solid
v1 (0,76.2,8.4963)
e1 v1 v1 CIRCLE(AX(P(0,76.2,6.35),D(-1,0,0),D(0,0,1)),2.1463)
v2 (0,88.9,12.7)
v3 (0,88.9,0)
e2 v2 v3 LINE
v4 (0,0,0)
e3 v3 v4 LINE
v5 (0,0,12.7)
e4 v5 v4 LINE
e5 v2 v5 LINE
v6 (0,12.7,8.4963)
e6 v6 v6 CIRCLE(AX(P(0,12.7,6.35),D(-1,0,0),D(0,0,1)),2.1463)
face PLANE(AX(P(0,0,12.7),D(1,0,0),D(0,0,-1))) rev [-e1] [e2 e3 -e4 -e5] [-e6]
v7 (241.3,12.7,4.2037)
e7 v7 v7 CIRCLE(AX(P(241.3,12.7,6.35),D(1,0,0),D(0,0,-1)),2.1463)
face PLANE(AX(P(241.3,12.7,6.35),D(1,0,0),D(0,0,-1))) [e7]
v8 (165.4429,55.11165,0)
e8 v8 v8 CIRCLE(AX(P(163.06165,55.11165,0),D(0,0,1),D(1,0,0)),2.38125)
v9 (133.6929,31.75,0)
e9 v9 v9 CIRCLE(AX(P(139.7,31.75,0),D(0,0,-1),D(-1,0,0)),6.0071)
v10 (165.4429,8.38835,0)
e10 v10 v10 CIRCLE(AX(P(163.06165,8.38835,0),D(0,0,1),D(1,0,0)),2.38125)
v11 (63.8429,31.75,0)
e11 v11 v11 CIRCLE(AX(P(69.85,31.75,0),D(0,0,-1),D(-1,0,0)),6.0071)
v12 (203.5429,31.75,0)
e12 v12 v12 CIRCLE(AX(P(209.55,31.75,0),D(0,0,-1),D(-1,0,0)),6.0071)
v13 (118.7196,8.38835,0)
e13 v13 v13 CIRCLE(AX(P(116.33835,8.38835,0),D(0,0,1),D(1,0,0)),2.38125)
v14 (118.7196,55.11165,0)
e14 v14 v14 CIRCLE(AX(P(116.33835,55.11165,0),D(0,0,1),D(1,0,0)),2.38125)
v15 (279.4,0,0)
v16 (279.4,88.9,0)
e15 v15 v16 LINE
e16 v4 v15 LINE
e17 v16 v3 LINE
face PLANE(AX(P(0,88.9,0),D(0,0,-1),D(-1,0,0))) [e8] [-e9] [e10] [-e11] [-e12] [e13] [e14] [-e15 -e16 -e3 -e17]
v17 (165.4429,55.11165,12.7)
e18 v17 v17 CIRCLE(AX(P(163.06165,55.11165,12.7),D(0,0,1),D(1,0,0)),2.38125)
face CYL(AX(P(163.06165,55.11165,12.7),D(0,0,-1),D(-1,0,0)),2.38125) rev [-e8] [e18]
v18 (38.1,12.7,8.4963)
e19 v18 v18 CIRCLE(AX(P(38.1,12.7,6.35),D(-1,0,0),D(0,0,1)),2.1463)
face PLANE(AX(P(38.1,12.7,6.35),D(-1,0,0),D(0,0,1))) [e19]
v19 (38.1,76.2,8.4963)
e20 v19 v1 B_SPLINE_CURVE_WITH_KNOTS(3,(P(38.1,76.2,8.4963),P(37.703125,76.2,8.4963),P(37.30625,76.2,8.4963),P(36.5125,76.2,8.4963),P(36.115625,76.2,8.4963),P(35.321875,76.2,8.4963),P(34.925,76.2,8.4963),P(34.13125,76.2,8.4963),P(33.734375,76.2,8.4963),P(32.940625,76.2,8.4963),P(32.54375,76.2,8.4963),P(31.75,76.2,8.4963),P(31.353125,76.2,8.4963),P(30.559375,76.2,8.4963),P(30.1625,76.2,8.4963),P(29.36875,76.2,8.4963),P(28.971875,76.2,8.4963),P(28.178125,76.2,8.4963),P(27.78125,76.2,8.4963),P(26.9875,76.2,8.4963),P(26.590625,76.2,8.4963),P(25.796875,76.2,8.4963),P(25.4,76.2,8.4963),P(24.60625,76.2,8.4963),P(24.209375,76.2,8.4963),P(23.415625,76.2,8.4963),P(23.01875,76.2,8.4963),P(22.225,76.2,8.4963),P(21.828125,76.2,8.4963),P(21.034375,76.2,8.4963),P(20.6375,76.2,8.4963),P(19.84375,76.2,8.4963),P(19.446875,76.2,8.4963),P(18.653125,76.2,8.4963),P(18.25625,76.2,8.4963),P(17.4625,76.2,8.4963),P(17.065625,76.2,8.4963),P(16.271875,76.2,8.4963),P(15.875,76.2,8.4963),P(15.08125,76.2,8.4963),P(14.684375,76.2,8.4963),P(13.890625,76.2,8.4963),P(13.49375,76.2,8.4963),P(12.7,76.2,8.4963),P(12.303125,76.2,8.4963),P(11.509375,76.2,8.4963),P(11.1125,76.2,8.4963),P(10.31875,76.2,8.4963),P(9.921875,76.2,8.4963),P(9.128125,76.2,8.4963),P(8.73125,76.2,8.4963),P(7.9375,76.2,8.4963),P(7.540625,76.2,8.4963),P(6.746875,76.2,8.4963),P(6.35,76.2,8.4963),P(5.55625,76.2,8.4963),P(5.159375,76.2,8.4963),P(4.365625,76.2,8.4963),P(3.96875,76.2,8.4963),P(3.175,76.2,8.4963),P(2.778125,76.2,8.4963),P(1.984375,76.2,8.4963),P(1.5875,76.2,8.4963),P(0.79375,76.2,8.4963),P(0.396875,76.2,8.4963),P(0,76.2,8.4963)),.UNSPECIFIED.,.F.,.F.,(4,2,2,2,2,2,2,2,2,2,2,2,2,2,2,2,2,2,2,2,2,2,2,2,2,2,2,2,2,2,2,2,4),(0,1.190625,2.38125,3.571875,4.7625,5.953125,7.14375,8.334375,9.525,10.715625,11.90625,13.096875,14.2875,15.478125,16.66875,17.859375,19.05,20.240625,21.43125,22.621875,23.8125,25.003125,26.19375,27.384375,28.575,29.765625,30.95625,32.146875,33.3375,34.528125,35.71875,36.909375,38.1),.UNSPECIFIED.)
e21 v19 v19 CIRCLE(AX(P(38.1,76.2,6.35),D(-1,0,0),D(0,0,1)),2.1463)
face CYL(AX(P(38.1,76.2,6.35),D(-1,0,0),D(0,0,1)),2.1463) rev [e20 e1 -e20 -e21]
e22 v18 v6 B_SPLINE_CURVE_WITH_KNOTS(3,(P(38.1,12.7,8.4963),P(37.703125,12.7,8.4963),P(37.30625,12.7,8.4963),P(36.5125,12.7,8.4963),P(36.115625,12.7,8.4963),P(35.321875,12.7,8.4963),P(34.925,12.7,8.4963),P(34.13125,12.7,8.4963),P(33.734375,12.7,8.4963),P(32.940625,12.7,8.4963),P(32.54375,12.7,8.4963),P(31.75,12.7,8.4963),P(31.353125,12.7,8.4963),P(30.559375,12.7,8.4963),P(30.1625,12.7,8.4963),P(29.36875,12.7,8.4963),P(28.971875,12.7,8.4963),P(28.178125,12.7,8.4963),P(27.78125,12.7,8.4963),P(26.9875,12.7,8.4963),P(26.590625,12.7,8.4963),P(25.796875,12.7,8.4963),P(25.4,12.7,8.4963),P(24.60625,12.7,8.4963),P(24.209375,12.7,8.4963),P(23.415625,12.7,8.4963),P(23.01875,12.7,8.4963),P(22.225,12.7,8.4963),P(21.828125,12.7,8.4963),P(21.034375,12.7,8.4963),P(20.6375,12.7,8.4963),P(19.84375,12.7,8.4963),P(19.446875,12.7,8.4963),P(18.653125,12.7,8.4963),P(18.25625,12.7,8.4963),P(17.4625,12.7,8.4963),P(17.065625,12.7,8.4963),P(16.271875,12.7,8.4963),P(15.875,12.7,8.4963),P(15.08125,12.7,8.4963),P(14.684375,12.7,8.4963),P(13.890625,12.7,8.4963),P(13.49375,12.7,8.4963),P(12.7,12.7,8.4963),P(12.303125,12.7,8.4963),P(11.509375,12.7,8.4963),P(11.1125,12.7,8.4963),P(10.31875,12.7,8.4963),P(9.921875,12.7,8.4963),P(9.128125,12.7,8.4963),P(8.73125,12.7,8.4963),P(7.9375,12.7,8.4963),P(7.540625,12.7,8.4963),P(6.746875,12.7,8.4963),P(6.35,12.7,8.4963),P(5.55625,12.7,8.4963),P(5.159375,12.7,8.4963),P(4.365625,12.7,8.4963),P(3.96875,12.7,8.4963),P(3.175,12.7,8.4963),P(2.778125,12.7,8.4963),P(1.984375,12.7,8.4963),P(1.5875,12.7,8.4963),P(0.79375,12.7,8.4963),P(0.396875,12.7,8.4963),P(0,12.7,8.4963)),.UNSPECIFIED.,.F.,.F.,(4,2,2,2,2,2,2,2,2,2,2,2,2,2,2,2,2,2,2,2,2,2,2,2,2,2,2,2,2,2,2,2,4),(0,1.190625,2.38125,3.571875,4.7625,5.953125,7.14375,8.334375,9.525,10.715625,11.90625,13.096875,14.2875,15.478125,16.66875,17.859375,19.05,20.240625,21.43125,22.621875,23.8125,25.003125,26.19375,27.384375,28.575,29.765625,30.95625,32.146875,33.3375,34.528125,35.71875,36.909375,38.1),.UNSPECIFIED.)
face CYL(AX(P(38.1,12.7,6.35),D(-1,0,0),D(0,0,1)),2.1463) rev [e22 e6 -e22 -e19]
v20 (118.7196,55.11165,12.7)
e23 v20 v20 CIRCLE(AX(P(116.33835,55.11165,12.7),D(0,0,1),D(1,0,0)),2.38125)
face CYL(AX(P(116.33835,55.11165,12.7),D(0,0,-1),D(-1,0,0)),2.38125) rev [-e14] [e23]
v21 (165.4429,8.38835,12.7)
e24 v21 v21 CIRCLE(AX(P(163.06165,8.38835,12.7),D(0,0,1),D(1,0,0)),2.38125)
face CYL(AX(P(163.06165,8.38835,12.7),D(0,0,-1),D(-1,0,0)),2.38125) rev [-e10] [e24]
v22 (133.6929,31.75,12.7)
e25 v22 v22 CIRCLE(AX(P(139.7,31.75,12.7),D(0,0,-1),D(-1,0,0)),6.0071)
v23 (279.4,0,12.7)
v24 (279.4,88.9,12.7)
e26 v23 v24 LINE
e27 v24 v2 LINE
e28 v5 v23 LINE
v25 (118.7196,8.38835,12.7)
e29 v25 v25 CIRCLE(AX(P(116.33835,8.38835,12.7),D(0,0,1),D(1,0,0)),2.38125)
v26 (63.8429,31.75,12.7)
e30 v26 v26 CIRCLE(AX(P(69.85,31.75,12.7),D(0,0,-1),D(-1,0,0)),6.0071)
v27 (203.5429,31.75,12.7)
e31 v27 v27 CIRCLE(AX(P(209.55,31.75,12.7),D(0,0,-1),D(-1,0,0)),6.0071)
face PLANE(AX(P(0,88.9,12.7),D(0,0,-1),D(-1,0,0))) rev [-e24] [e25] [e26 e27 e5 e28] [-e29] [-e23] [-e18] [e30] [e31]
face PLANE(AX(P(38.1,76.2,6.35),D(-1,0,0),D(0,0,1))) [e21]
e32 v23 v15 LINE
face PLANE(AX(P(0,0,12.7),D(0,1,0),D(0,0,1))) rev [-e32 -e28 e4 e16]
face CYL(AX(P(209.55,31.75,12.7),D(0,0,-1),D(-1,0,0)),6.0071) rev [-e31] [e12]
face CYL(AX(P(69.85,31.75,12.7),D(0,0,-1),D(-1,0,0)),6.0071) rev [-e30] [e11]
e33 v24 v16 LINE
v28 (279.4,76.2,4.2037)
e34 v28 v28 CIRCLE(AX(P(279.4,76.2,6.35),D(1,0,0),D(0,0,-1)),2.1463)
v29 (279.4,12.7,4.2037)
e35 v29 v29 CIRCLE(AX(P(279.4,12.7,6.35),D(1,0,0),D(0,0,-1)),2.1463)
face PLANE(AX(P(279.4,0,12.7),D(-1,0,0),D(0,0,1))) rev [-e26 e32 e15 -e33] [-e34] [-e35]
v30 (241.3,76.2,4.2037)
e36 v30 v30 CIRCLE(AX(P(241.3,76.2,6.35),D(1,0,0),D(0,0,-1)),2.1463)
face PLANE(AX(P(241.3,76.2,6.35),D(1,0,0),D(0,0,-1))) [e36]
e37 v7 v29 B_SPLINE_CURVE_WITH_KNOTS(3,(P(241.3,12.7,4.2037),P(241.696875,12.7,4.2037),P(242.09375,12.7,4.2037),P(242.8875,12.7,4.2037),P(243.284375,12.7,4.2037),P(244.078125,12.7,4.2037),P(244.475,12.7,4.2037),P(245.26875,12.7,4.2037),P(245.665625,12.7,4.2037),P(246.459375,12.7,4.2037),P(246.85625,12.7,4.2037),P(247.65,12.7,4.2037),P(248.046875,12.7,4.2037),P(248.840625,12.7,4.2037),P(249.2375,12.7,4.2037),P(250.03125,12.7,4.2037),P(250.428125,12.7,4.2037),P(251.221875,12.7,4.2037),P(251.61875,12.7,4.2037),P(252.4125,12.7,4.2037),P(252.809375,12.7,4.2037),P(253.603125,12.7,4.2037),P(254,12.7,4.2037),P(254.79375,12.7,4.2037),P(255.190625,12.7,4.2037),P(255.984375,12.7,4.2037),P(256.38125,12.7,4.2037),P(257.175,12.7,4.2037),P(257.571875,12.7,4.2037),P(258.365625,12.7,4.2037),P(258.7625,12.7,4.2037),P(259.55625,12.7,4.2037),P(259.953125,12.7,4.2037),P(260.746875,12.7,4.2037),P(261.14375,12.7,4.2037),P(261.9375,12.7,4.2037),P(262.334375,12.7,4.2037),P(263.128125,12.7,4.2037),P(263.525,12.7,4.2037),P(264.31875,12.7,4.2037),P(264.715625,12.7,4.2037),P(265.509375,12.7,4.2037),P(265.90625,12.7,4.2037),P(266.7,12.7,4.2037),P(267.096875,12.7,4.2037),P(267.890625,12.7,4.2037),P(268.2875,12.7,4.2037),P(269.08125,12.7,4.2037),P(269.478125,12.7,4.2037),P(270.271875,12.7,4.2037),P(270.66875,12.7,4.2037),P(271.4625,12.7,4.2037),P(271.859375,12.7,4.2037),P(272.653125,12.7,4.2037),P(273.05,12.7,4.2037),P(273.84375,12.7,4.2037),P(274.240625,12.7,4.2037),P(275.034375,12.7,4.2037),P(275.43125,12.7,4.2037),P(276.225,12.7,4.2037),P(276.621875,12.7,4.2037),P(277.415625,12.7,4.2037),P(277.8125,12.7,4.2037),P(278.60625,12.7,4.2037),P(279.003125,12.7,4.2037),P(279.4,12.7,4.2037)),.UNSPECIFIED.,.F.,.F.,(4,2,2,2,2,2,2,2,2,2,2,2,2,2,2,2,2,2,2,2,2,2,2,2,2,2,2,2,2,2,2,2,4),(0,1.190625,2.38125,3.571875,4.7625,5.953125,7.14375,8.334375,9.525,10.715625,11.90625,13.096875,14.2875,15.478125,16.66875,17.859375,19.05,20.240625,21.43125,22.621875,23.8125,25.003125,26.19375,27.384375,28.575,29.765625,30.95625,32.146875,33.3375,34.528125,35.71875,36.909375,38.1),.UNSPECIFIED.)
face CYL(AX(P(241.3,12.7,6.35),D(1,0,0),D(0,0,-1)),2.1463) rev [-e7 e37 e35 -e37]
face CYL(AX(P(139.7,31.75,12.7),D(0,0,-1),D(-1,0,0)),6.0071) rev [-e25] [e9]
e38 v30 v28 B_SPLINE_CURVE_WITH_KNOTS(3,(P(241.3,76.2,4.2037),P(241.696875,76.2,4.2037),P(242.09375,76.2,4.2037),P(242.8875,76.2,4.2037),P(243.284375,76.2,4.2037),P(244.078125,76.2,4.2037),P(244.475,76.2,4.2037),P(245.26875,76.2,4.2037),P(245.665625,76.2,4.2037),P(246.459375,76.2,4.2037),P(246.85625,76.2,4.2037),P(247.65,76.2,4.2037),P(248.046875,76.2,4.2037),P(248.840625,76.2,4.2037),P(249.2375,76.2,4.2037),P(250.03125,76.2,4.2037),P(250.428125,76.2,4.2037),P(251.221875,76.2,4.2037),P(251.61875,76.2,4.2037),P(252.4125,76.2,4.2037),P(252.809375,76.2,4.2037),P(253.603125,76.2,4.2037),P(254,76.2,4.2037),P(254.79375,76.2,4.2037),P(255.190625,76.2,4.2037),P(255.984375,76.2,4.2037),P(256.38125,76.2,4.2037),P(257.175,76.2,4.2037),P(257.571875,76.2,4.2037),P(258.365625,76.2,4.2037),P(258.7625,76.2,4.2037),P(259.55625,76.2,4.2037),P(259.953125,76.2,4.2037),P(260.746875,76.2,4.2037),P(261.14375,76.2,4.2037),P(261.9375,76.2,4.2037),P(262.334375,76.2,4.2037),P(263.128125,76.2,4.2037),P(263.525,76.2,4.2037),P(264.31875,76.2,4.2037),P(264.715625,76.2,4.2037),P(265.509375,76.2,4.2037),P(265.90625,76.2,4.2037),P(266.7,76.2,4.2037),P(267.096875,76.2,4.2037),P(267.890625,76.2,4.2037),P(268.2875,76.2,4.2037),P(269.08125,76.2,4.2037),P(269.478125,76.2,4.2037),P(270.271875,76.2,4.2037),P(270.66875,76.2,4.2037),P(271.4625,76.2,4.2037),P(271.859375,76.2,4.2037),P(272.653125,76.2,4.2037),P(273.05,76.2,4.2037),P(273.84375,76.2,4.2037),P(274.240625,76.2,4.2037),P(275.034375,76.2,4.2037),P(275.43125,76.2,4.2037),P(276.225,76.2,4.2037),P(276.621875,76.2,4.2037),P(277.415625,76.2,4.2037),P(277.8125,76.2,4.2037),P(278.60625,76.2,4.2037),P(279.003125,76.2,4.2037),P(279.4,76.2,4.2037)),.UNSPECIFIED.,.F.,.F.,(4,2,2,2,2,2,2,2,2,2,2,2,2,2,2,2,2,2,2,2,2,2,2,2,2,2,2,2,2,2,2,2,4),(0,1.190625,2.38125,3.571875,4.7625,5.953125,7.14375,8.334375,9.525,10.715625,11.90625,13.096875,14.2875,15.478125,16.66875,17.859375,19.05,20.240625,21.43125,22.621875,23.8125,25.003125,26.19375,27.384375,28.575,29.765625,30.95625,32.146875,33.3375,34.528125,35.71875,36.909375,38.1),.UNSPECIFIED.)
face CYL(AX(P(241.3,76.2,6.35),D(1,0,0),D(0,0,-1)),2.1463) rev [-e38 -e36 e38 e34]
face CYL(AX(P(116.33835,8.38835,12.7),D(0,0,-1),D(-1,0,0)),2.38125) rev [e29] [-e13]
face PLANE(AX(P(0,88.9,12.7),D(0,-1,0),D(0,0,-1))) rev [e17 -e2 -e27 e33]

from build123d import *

# Parameters (mm, degrees)
SKETCH1_W           = 279.4
SKETCH1_H           = 88.9
BOSS_EXTRUDE1_DEPTH = 12.7
SKETCH2_R           = 2.1463
CUT_EXTRUDE1_DEPTH  = 38.1
CUT_EXTRUDE2_START  = -38.1
SKETCH3_R           = 2.1463
CUT_EXTRUDE2_DEPTH  = 38.1
SKETCH4_R           = 6.0071
CUT_EXTRUDE3_DEPTH  = 294.477188211
SKETCH5_R           = 2.38125
CUT_EXTRUDE4_DEPTH  = 294.477188211


with BuildPart() as part:
    # Sketch1 → Boss-Extrude1 (new body)
    with BuildSketch(Plane.XY):
        with Locations((139.7, 44.45)):
            Rectangle(SKETCH1_W, SKETCH1_H)
    extrude(amount=BOSS_EXTRUDE1_DEPTH)

    # Sketch2 → Cut-Extrude1 (cut)
    with BuildSketch(Plane(origin=(279.4, 0, 0), x_dir=(0, 0, -1), z_dir=(1, 0, 0))):
        with Locations((-6.35, 76.2)):
            Circle(SKETCH2_R)
        with Locations((-6.35, 12.7)):
            Circle(SKETCH2_R)
    extrude(amount=-CUT_EXTRUDE1_DEPTH, mode=Mode.SUBTRACT)

    # Sketch3 → Cut-Extrude2 (cut)
    with BuildSketch(Plane.ZY.offset(CUT_EXTRUDE2_START)):
        with Locations(Location((6.35, 76.2, 0), (0, 0, 180))):
            Circle(SKETCH3_R)
        with Locations(Location((6.35, 12.7, 0), (0, 0, 180))):
            Circle(SKETCH3_R)
    extrude(amount=CUT_EXTRUDE2_DEPTH, mode=Mode.SUBTRACT)

    # Sketch4 → Cut-Extrude3 (cut, through all)
    with BuildSketch(Plane(origin=(0, 0, 0), x_dir=(-1, 0, 0), z_dir=(0, 0, -1))):
        with Locations((-209.55, 31.75)):
            Circle(SKETCH4_R)
        with Locations((-139.7, 31.75)):
            Circle(SKETCH4_R)
        with Locations((-69.85, 31.75)):
            Circle(SKETCH4_R)
    extrude(amount=-CUT_EXTRUDE3_DEPTH, mode=Mode.SUBTRACT)

    # Sketch5 → Cut-Extrude4 (cut, through all)
    with BuildSketch(Plane.XY):
        with Locations((163.06165, 55.11165)):
            Circle(SKETCH5_R)
        with Locations((116.33835, 55.11165)):
            Circle(SKETCH5_R)
        with Locations((116.33835, 8.38835)):
            Circle(SKETCH5_R)
        with Locations((163.06165, 8.38835)):
            Circle(SKETCH5_R)
    extrude(amount=CUT_EXTRUDE4_DEPTH, mode=Mode.SUBTRACT)


solid = part.part
